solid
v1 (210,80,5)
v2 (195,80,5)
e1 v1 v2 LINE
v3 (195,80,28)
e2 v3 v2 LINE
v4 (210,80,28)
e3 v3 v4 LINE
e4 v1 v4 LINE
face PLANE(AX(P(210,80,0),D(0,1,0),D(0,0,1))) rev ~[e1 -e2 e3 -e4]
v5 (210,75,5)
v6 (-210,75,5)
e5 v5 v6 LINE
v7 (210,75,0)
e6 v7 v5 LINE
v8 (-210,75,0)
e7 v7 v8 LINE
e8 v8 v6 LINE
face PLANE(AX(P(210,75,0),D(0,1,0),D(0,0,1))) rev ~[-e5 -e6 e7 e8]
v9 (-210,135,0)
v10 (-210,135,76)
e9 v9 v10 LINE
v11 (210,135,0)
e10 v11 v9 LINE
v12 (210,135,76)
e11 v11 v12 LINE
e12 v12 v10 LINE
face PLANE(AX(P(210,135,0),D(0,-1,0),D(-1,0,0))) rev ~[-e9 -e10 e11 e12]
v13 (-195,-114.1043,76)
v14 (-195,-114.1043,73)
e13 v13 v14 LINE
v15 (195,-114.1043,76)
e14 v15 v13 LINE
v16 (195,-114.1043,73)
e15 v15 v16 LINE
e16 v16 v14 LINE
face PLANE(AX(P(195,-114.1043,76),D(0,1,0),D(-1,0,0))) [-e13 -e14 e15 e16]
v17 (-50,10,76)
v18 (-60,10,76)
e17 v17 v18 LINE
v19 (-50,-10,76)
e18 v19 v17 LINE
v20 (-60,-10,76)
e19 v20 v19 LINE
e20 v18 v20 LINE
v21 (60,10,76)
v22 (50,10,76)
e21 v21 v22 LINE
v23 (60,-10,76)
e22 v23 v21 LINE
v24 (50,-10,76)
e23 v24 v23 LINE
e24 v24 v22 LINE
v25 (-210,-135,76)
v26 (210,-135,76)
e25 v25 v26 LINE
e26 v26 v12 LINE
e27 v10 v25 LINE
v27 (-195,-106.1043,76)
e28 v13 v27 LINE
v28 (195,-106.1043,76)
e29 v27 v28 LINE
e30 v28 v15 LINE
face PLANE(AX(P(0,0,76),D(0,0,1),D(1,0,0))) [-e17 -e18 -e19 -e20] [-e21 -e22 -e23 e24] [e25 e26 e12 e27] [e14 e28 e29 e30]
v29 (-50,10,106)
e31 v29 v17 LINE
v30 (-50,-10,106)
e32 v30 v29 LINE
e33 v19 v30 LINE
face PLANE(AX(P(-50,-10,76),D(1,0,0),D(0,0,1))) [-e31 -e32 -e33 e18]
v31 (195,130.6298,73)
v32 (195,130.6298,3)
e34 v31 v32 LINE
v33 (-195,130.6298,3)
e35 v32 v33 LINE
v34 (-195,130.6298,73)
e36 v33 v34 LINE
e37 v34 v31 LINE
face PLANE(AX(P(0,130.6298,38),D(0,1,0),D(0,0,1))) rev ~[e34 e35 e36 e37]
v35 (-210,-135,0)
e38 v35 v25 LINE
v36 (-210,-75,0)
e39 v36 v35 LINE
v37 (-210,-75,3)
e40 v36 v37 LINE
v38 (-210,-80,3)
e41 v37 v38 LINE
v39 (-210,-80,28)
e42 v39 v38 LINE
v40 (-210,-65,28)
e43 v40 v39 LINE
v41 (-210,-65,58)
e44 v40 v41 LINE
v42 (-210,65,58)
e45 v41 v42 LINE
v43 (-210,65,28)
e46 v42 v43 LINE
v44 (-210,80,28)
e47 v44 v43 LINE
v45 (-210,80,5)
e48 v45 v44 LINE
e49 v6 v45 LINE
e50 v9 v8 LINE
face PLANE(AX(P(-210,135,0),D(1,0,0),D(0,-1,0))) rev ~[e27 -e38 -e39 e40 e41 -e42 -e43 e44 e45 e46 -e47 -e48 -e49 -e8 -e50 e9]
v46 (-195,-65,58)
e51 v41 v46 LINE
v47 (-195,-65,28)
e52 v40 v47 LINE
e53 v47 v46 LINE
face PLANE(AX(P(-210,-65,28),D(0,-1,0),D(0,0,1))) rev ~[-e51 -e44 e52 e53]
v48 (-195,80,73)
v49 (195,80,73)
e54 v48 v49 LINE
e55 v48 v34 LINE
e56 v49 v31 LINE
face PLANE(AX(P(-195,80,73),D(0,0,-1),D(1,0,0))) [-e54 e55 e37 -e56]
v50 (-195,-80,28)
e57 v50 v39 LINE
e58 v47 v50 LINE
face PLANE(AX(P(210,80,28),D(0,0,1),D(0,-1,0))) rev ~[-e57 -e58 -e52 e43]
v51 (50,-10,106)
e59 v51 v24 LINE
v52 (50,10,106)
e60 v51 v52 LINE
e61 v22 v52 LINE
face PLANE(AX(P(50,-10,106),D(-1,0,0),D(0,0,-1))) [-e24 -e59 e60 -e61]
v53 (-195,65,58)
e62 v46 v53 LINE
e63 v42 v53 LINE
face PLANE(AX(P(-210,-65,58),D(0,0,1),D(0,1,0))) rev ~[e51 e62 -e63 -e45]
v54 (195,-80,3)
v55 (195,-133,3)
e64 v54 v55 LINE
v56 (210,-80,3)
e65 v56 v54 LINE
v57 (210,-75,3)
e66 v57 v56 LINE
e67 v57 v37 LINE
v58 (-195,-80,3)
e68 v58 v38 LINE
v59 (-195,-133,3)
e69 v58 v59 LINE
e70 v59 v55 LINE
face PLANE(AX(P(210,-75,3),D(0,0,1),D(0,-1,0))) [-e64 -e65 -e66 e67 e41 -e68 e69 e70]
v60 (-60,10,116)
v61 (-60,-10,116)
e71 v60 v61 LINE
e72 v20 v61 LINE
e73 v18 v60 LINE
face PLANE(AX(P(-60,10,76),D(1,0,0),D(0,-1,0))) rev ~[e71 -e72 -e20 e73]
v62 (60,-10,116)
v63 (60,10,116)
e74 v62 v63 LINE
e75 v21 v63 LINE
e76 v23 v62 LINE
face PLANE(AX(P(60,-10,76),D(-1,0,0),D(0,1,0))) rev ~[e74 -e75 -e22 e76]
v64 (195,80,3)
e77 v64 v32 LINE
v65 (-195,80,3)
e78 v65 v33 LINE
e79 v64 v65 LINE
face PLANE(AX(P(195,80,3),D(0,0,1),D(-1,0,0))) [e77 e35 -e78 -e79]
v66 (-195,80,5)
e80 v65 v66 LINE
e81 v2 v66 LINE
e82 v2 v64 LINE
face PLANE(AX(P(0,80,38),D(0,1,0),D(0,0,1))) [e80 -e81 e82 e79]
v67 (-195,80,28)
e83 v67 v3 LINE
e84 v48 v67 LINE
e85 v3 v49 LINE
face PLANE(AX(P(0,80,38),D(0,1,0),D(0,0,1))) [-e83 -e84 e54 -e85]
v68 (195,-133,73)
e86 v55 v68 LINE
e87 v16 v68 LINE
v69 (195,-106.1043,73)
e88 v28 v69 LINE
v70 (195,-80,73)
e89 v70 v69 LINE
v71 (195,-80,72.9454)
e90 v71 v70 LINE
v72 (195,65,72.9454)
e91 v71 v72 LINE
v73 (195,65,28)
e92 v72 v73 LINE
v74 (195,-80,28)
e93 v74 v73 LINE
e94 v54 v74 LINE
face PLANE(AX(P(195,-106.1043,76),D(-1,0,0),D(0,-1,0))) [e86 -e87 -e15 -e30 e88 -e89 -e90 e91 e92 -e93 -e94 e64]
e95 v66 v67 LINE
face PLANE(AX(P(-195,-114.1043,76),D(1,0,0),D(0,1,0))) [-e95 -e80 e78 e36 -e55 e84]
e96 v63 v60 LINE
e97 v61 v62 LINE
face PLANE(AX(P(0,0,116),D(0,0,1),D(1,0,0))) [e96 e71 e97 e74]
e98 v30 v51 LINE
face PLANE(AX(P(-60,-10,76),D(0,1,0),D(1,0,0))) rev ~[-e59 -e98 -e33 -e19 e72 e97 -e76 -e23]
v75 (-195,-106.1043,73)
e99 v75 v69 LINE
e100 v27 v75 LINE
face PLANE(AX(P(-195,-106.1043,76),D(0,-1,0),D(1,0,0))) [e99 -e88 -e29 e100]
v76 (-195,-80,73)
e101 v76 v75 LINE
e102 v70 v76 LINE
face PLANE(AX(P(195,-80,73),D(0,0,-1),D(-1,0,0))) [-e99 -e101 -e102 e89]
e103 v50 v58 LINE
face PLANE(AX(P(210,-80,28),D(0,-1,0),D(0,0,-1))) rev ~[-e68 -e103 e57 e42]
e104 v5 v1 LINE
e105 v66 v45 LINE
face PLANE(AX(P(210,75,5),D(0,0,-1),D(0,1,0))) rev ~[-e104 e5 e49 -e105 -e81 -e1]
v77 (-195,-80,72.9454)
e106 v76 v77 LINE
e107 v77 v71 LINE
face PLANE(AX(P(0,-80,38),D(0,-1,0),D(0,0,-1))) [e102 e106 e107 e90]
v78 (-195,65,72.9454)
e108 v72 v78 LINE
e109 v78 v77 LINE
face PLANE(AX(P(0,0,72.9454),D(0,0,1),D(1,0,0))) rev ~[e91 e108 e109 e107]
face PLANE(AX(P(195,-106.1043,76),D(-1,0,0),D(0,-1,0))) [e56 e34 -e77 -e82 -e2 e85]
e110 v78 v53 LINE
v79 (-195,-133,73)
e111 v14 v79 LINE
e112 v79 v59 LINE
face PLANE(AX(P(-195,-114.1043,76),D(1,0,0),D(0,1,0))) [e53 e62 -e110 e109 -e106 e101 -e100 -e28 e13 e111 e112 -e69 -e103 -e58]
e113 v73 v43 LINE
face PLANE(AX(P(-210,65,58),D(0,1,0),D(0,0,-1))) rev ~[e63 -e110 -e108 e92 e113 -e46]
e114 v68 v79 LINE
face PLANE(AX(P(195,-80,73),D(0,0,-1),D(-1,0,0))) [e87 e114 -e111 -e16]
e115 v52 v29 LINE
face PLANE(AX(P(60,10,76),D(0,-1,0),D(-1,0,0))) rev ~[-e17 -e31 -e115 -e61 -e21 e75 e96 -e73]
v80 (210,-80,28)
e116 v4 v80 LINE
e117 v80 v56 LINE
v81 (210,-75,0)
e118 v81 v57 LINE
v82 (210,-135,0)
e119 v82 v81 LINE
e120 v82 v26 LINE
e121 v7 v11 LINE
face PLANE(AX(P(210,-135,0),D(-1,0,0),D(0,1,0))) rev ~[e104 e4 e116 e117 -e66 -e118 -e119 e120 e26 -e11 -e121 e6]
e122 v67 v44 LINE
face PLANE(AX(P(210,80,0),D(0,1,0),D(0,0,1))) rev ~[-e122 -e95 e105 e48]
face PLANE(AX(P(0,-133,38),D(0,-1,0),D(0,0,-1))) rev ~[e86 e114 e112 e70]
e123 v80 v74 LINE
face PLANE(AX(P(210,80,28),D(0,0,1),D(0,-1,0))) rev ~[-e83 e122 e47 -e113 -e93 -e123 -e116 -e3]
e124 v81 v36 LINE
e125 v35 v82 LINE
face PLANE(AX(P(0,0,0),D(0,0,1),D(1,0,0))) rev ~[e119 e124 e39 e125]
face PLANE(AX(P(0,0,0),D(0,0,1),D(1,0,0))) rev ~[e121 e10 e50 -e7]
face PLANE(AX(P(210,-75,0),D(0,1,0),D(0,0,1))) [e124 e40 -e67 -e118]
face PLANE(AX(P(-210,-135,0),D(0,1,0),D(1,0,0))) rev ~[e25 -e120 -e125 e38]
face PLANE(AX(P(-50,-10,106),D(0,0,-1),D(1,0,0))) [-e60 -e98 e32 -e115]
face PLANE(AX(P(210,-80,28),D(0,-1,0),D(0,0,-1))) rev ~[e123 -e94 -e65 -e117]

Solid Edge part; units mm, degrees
sketch "Sketch1" plane through (0, 0, 0) normal (0, 0, 1) x (1, 0, 0)
  line L0 (-210, -135) -> (210, -135)
  line L1 (210, -135) -> (210, 135)
  line L2 (210, 135) -> (-210, 135)
  line L3 (-210, 135) -> (-210, -135)
extrude "Protrusion1" add sketch "Sketch1" along normal blind 76
sketch "Sketch2" plane through (0, 0, 0) normal (0, 0, -1) x (1, 0, 0)
  line L0 (-195, 80) -> (195, 80)
  line L1 (195, 80) -> (195, -80)
  line L2 (195, -80) -> (-195, -80)
  line L3 (-195, -80) -> (-195, 80)
extrude "ExtrudedCutout_1" cut sketch "Sketch2" against normal blind 70
sketch "Sketch3" plane through (0, -80, 35) normal (0, 1, 0) x (-1, 0, 0)
  line L0 (195, -32) -> (-195, -32)
  line L1 (-195, -32) -> (-195, 38)
  line L2 (-195, 38) -> (195, 38)
  line L3 (195, 38) -> (195, -32)
extrude "ExtrudedCutout_2" cut sketch "Sketch3" against normal blind 53
sketch "Sketch4" plane through (210, 0, 38) normal (1, 0, 0) x (0, 1, 0)
  line L0 (80, -10) -> (-80, -10)
  line L1 (-80, -10) -> (-80, -38)
  line L2 (-80, -38) -> (80, -38)
  line L3 (80, -38) -> (80, -10)
extrude "Cutout1" cut sketch "Sketch4" against normal through all
sketch "Sketch5" plane through (0, 0, 70) normal (0, 0, -1) x (0, 1, 0)
  line L0 (80, -195) -> (-80, -195)
  line L1 (-80, -195) -> (-80, 195)
  line L2 (-80, 195) -> (80, 195)
  line L3 (80, 195) -> (80, -195)
extrude "ExtrudedCutout_5" cut sketch "Sketch5" against normal blind 2.5929
sketch "Sketch6" plane through (0, 0, 70) normal (0, 0, -1) x (0, 1, 0)
  line L0 (80, -195) -> (-80, -195)
  line L1 (-80, -195) -> (-80, 195)
  line L2 (-80, 195) -> (80, 195)
  line L3 (80, 195) -> (80, -195)
extrude "ExtrudedCutout_6" cut sketch "Sketch6" against normal blind 2.9454
sketch "Sketch7" plane through (0, 0, 76) normal (0, 0, 1) x (1, 0, 0)
  line L0 (-60, -10) -> (60, -10)
  line L1 (60, -10) -> (60, 10)
  line L2 (60, 10) -> (-60, 10)
  line L3 (-60, 10) -> (-60, -10)
extrude "ExtrudedProtrusion_2" add sketch "Sketch7" along normal blind 40
sketch "Sketch8" plane through (0, -10, 96) normal (0, -1, 0) x (1, 0, 0)
  line L0 (-50, 10) -> (50, 10)
  line L1 (50, 10) -> (50, -20)
  line L2 (50, -20) -> (-50, -20)
  line L3 (-50, -20) -> (-50, 10)
extrude "Cutout2" cut sketch "Sketch8" against normal up to next
sketch "Sketch9" plane through (0, 0, 76) normal (0, 0, 1) x (1, 0, 0)
  line L0 (195, -114.1043) -> (-195, -114.1043)
  line L1 (-195, -114.1043) -> (-195, -106.1043)
  line L2 (-195, -106.1043) -> (195, -106.1043)
  line L3 (195, -106.1043) -> (195, -114.1043)
extrude "Cutout3" cut sketch "Sketch9" against normal up to next
sketch "Sketch10" plane through (210, 0, 38) normal (1, 0, 0) x (0, 1, 0)
  line L0 (-75, -38) -> (-75, -35)
  line L1 (-75, -35) -> (-80, -35)
  line L2 (-80, -35) -> (-80, -38)
  line L3 (-80, -38) -> (-75, -38)
  line L4 (75, -38) -> (75, -33)
  line L5 (75, -33) -> (80, -33)
  line L6 (80, -33) -> (80, -38)
  line L7 (80, -38) -> (75, -38)
extrude "ExtrudedProtrusion_3" add sketch "Sketch10" against normal blind 420
sketch "Sketch11" plane through (0, 80, 38.9727) normal (0, -1, 0) x (1, 0, 0)
  line L0 (195, 34.0273) -> (195, -35.9727)
  line L1 (195, -35.9727) -> (-195, -35.9727)
  line L2 (-195, -35.9727) -> (-195, 34.0273)
  line L3 (-195, 34.0273) -> (195, 34.0273)
extrude "Cutout4" cut sketch "Sketch11" against normal blind 50.6298
sketch "Sketch12" plane through (-210, 0, 38) normal (-1, 0, 0) x (0, -1, 0)
  line L0 (65, 20) -> (-65, 20)
  line L1 (-65, 20) -> (-65, -10)
  line L2 (-65, -10) -> (65, -10)
  line L3 (65, -10) -> (65, 20)
extrude "Cutout5" cut sketch "Sketch12" against normal up to next
sketch "Sketch13" plane through (-195, -1.1851, 39.5) normal (1, 0, 0) x (0, 1, 0)
  line L0 (66.1851, 36.5) -> (66.1851, -11.5)
  line L1 (66.1851, -11.5) -> (81.1851, -11.5)
  line L2 (81.1851, -11.5) -> (81.1851, 36.5)
  line L3 (81.1851, 36.5) -> (66.1851, 36.5)
extrude "Protrusion2" add sketch "Sketch13" along normal blind 400.6236
properties material "Polycarbonate"
